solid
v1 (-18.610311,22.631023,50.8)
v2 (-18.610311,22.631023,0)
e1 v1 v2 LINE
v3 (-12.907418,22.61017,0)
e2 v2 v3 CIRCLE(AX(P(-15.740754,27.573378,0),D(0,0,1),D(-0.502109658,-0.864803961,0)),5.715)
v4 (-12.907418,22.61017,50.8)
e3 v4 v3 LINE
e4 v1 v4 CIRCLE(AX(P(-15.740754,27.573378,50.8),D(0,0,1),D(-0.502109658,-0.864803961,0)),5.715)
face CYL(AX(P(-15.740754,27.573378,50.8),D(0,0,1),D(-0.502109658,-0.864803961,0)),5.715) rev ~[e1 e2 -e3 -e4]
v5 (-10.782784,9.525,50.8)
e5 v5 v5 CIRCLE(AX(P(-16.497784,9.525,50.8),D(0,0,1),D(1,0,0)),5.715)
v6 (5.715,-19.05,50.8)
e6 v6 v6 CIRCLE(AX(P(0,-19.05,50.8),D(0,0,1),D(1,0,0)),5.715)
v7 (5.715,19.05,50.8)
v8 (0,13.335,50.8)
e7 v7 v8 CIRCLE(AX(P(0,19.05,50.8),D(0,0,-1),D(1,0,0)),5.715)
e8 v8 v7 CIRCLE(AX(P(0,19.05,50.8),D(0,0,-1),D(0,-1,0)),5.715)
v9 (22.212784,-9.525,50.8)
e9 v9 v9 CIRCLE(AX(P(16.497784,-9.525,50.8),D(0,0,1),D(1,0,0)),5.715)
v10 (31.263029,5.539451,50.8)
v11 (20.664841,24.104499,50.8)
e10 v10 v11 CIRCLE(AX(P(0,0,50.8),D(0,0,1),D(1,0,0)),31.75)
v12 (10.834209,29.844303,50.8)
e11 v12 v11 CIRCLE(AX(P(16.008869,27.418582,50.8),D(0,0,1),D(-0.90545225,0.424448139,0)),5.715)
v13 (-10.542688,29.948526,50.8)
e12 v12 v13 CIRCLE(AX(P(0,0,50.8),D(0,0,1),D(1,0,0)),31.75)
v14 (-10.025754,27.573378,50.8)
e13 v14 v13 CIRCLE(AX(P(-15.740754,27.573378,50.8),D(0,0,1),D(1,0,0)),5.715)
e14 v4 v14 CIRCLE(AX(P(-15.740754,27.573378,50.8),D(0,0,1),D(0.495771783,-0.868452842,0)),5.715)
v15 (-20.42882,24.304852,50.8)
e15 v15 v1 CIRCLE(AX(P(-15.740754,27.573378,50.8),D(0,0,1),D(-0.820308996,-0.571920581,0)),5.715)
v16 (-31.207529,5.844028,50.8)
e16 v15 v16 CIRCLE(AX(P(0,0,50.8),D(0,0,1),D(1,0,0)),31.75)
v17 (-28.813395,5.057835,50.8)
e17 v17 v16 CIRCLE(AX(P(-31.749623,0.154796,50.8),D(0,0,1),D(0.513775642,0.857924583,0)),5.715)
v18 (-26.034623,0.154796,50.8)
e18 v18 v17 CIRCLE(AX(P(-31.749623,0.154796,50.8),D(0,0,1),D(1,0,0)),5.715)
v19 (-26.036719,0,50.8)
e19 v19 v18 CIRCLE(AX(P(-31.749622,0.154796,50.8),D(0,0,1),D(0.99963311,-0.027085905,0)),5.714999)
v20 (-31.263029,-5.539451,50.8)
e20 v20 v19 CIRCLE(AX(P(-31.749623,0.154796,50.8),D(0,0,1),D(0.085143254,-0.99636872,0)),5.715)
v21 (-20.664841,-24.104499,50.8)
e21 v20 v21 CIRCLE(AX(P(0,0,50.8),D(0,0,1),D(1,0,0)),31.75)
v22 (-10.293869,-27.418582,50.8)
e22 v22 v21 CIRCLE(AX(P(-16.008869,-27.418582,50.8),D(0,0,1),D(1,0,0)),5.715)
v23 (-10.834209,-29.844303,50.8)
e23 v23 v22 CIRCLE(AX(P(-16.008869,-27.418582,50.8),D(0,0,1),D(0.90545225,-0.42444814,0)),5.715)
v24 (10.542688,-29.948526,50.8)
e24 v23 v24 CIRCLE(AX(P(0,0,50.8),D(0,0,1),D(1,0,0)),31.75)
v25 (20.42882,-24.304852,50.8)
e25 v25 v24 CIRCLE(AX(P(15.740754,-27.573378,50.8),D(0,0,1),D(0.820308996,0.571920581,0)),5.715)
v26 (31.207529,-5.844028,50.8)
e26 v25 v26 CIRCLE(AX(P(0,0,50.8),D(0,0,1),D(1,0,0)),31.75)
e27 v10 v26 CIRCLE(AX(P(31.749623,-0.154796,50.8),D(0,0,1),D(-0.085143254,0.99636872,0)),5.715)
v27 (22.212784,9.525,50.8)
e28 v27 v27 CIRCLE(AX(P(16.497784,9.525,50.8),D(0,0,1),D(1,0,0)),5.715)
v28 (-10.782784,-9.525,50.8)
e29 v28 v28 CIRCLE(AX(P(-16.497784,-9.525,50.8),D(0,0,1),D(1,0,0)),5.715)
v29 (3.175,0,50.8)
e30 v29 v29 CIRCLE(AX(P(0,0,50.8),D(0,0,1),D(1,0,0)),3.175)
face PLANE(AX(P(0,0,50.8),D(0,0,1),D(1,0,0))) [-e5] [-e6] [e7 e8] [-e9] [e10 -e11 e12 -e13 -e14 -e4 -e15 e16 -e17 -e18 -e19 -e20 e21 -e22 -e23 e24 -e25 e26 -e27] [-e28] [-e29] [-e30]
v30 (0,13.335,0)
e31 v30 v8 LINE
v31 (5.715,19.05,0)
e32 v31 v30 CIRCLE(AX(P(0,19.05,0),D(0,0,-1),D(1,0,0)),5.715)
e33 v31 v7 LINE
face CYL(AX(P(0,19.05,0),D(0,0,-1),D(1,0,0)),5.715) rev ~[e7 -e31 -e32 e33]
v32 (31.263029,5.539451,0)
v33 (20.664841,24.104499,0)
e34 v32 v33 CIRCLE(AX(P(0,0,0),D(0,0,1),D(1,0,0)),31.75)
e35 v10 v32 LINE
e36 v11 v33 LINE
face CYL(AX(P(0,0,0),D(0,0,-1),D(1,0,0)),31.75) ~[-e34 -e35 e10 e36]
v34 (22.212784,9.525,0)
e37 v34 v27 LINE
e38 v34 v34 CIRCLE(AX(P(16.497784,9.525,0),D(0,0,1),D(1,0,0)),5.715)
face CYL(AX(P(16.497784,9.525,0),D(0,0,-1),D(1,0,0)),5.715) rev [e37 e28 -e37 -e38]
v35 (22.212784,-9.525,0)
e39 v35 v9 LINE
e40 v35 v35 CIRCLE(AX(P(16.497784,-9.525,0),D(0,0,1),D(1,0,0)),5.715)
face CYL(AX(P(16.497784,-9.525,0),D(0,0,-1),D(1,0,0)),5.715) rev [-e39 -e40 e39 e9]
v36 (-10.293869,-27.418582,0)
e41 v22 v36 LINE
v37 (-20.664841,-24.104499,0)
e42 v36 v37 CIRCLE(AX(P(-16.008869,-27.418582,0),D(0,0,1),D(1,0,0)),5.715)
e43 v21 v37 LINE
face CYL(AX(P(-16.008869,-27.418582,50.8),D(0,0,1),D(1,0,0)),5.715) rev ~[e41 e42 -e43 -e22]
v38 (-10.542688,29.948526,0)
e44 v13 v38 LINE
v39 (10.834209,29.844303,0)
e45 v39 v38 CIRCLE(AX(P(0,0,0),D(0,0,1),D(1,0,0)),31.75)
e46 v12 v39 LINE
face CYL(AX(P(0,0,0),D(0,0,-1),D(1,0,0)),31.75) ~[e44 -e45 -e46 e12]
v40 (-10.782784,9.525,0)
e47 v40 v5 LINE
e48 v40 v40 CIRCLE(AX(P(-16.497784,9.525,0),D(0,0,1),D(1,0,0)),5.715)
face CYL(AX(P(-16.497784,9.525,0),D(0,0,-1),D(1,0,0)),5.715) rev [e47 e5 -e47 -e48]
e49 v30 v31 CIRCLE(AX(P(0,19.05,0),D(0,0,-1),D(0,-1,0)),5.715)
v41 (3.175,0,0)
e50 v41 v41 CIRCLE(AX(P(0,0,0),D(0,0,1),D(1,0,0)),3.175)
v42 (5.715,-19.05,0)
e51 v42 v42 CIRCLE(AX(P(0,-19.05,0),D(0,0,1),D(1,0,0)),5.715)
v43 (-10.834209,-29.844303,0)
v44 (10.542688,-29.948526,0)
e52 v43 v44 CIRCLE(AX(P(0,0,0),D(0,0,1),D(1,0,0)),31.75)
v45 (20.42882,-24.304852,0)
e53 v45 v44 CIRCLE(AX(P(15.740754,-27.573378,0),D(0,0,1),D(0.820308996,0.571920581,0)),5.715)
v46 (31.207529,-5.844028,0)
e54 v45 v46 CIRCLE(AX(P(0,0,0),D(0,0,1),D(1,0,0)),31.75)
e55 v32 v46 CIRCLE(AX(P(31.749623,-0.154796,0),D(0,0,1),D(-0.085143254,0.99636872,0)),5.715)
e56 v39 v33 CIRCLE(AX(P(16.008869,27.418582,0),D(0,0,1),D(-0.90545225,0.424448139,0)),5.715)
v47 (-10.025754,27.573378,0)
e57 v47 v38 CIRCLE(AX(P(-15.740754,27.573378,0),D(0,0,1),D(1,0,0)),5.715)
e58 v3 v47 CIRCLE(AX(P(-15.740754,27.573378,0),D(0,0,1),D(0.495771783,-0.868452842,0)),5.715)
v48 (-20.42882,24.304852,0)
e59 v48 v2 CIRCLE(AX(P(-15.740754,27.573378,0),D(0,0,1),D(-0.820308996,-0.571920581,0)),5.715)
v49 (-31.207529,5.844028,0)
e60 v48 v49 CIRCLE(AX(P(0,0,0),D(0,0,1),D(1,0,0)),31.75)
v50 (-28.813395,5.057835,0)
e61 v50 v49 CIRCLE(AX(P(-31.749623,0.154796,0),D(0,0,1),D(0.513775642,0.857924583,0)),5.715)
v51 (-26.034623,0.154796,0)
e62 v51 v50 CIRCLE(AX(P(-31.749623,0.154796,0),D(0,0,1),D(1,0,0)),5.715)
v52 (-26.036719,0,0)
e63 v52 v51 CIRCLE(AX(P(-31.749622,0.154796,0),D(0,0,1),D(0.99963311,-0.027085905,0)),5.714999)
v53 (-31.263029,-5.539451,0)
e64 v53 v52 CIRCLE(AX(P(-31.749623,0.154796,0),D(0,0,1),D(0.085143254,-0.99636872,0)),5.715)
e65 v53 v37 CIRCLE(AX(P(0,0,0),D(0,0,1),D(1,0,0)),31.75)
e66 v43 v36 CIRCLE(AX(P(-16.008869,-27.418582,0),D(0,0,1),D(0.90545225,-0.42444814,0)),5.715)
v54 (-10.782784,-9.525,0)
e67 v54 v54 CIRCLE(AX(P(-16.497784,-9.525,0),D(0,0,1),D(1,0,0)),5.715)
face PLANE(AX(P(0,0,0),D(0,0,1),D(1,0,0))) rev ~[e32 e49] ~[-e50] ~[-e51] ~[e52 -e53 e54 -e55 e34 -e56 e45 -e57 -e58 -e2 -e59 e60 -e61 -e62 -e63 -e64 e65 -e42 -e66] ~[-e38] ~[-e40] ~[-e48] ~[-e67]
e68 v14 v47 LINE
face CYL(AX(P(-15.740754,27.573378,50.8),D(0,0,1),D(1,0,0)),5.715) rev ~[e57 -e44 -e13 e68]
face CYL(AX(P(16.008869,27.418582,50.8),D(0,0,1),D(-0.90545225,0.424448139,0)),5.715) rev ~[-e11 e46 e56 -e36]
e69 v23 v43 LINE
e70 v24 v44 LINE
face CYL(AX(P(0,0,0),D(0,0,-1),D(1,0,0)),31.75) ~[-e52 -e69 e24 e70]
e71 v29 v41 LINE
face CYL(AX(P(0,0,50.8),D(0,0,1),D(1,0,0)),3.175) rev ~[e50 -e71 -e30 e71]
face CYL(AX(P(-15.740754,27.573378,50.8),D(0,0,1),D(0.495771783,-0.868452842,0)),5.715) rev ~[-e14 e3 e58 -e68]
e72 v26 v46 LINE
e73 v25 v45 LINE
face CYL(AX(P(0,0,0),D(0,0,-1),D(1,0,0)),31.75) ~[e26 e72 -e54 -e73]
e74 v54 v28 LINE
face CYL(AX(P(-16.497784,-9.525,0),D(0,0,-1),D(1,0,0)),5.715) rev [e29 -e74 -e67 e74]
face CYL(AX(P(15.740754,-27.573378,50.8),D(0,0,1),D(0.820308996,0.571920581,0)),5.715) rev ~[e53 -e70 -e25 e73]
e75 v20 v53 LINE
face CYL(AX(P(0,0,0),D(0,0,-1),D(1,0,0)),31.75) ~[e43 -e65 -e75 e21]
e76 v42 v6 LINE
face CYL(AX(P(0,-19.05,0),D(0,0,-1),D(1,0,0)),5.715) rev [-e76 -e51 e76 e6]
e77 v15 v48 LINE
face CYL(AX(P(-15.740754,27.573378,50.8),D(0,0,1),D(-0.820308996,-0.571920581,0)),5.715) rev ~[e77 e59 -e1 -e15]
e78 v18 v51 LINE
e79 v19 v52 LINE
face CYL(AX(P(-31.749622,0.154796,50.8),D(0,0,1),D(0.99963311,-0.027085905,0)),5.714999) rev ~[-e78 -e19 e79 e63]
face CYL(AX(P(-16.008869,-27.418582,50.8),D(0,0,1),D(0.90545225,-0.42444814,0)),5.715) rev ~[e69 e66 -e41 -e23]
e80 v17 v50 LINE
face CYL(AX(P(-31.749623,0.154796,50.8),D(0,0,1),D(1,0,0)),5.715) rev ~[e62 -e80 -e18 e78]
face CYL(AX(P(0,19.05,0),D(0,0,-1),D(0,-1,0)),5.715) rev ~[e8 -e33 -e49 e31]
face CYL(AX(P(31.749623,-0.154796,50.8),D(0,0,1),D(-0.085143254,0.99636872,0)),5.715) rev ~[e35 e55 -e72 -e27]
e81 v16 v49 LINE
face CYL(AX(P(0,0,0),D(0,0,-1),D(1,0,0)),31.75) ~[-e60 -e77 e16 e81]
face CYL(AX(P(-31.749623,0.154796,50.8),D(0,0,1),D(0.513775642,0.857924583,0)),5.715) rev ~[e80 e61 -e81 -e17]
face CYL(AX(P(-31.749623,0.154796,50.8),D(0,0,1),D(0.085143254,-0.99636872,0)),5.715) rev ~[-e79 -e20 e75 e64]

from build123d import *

# Parameters (mm, degrees)
F0_R     = 31.75
F0_R_2   = 5.715
F1_DEPTH = 50.8
F3_DEPTH = 76.2
F4_R     = 3.175
F5_DEPTH = 76.2


with BuildPart() as f1:
    # F0 (on Top) → F1 (new body)
    with BuildSketch(Plane.XY):
        Circle(F0_R)
        with Locations((-16.4977839421, -9.525)):
            Circle(F0_R_2, mode=Mode.SUBTRACT)
        with Locations((0, -19.05)):
            Circle(F0_R_2, mode=Mode.SUBTRACT)
        with Locations((16.4977839421, -9.525)):
            Circle(F0_R_2, mode=Mode.SUBTRACT)
        with Locations((-16.4977839421, 9.525)):
            Circle(F0_R_2, mode=Mode.SUBTRACT)
        with Locations((16.4977839421, 9.525)):
            Circle(F0_R_2, mode=Mode.SUBTRACT)
        with BuildLine():
            ThreePointArc((0, 13.335), (-4.0411152545, 23.0911152545), (5.715, 19.05))
            ThreePointArc((5.715, 19.05), (4.0411152545, 15.0088847455), (0, 13.335))
        make_face(mode=Mode.SUBTRACT)
    extrude(amount=F1_DEPTH)

    # F2 (on face) → F3 (cut)
    with BuildSketch(Plane.XY.offset(50.8)):
        with BuildLine():
            ThreePointArc((21.7238685359, 27.4185818051), (17.2514556231, 32.9968613186), (10.8342089276, 29.8443029222))
            ThreePointArc((10.8342089276, 29.8443029222), (16.0088685359, 27.4185818051), (20.6648408036, 24.1044986374))
            ThreePointArc((20.6648408036, 24.1044986374), (21.4526772444, 25.6789922716), (21.7238685359, 27.4185818051))
        make_face()
        with BuildLine():
            ThreePointArc((20.6648408036, 24.1044986374), (16.0088685359, 27.4185818051), (10.8342089276, 29.8443029222))
            ThreePointArc((10.8342089276, 29.8443029222), (13.1272721994, 22.4832370801), (20.6648408036, 24.1044986374))
        make_face()
        with BuildLine():
            Line((-15.740754111, 27.5733777405), (-12.907418371, 22.6101697472))
            ThreePointArc((-12.907418371, 22.6101697472), (-10.798399472, 24.7038210459), (-10.025754111, 27.5733777405))
            ThreePointArc((-10.025754111, 27.5733777405), (-10.1564827093, 28.7887533666), (-10.5426877637, 29.9485264198))
            ThreePointArc((-10.5426877637, 29.9485264198), (-13.1952704408, 28.8781463739), (-15.740754111, 27.5733777405))
        make_face()
        with BuildLine():
            ThreePointArc((-18.6103108055, 22.6310231015), (-15.7616515985, 21.8584159475), (-12.907418371, 22.6101697472))
            Line((-12.907418371, 22.6101697472), (-15.740754111, 27.5733777405))
            Line((-15.740754111, 27.5733777405), (-18.6103108055, 22.6310231015))
        make_face()
        with BuildLine():
            Line((-18.6103108055, 22.6310231015), (-15.740754111, 27.5733777405))
            ThreePointArc((-15.740754111, 27.5733777405), (-18.1584784341, 26.0448106339), (-20.4288200251, 24.3048516223))
            ThreePointArc((-20.4288200251, 24.3048516223), (-19.6111339829, 23.368453883), (-18.6103108055, 22.6310231015))
        make_face()
        with BuildLine():
            Line((-31.75, 0), (-26.0367194254, 0))
            ThreePointArc((-26.0367194254, 0), (-26.0351468655, 0.0773908676), (-26.0346226469, 0.1547959354))
            ThreePointArc((-26.0346226469, 0.1547959354), (-26.7776126488, 2.9726571064), (-28.8133948529, 5.0578349259))
            Line((-28.8133948529, 5.0578349259), (-31.75, 0))
        make_face()
        with BuildLine():
            ThreePointArc((-31.2630289527, -5.5394512999), (-27.5927222778, -3.7671174142), (-26.0367194254, 0))
            Line((-26.0367194254, 0), (-31.75, 0))
            ThreePointArc((-31.75, 0), (-31.6280229326, -2.7804074119), (-31.2630289527, -5.5394512999))
        make_face()
        with BuildLine():
            ThreePointArc((-31.2075285673, 5.8440277824), (-31.614091257, 2.9345756072), (-31.75, 0))
            Line((-31.75, 0), (-28.8133948529, 5.0578349259))
            ThreePointArc((-28.8133948529, 5.0578349259), (-29.9665899591, 5.5845306834), (-31.2075285673, 5.8440277824))
        make_face()
        with BuildLine():
            ThreePointArc((-10.2938685359, -27.4185818051), (-14.2692790024, -21.9747730965), (-20.6648408036, -24.1044986374))
            ThreePointArc((-20.6648408036, -24.1044986374), (-16.0088685359, -27.4185818051), (-10.8342089276, -29.8443029222))
            ThreePointArc((-10.8342089276, -29.8443029222), (-10.4305890224, -28.6611688923), (-10.2938685359, -27.4185818051))
        make_face()
        with BuildLine():
            ThreePointArc((20.4288200251, -24.3048516223), (12.907418371, -22.6101697472), (10.5426877637, -29.9485264198))
            ThreePointArc((10.5426877637, -29.9485264198), (15.740754111, -27.5733777405), (20.4288200251, -24.3048516223))
        make_face()
        with BuildLine():
            ThreePointArc((31.75, 0), (31.6280229326, 2.7804074119), (31.2630289527, 5.5394512999))
            ThreePointArc((31.2630289527, 5.5394512999), (26.0346905704, -0.126932667), (31.2075285673, -5.8440277824))
            ThreePointArc((31.2075285673, -5.8440277824), (31.614091257, -2.9345756072), (31.75, 0))
        make_face()
    extrude(amount=-F3_DEPTH, mode=Mode.SUBTRACT)

    # F4 (on face) → F5 (cut)
    with BuildSketch(Plane.XY.offset(50.8)):
        Circle(F4_R)
    extrude(amount=-F5_DEPTH, mode=Mode.SUBTRACT)


solid = f1.part
